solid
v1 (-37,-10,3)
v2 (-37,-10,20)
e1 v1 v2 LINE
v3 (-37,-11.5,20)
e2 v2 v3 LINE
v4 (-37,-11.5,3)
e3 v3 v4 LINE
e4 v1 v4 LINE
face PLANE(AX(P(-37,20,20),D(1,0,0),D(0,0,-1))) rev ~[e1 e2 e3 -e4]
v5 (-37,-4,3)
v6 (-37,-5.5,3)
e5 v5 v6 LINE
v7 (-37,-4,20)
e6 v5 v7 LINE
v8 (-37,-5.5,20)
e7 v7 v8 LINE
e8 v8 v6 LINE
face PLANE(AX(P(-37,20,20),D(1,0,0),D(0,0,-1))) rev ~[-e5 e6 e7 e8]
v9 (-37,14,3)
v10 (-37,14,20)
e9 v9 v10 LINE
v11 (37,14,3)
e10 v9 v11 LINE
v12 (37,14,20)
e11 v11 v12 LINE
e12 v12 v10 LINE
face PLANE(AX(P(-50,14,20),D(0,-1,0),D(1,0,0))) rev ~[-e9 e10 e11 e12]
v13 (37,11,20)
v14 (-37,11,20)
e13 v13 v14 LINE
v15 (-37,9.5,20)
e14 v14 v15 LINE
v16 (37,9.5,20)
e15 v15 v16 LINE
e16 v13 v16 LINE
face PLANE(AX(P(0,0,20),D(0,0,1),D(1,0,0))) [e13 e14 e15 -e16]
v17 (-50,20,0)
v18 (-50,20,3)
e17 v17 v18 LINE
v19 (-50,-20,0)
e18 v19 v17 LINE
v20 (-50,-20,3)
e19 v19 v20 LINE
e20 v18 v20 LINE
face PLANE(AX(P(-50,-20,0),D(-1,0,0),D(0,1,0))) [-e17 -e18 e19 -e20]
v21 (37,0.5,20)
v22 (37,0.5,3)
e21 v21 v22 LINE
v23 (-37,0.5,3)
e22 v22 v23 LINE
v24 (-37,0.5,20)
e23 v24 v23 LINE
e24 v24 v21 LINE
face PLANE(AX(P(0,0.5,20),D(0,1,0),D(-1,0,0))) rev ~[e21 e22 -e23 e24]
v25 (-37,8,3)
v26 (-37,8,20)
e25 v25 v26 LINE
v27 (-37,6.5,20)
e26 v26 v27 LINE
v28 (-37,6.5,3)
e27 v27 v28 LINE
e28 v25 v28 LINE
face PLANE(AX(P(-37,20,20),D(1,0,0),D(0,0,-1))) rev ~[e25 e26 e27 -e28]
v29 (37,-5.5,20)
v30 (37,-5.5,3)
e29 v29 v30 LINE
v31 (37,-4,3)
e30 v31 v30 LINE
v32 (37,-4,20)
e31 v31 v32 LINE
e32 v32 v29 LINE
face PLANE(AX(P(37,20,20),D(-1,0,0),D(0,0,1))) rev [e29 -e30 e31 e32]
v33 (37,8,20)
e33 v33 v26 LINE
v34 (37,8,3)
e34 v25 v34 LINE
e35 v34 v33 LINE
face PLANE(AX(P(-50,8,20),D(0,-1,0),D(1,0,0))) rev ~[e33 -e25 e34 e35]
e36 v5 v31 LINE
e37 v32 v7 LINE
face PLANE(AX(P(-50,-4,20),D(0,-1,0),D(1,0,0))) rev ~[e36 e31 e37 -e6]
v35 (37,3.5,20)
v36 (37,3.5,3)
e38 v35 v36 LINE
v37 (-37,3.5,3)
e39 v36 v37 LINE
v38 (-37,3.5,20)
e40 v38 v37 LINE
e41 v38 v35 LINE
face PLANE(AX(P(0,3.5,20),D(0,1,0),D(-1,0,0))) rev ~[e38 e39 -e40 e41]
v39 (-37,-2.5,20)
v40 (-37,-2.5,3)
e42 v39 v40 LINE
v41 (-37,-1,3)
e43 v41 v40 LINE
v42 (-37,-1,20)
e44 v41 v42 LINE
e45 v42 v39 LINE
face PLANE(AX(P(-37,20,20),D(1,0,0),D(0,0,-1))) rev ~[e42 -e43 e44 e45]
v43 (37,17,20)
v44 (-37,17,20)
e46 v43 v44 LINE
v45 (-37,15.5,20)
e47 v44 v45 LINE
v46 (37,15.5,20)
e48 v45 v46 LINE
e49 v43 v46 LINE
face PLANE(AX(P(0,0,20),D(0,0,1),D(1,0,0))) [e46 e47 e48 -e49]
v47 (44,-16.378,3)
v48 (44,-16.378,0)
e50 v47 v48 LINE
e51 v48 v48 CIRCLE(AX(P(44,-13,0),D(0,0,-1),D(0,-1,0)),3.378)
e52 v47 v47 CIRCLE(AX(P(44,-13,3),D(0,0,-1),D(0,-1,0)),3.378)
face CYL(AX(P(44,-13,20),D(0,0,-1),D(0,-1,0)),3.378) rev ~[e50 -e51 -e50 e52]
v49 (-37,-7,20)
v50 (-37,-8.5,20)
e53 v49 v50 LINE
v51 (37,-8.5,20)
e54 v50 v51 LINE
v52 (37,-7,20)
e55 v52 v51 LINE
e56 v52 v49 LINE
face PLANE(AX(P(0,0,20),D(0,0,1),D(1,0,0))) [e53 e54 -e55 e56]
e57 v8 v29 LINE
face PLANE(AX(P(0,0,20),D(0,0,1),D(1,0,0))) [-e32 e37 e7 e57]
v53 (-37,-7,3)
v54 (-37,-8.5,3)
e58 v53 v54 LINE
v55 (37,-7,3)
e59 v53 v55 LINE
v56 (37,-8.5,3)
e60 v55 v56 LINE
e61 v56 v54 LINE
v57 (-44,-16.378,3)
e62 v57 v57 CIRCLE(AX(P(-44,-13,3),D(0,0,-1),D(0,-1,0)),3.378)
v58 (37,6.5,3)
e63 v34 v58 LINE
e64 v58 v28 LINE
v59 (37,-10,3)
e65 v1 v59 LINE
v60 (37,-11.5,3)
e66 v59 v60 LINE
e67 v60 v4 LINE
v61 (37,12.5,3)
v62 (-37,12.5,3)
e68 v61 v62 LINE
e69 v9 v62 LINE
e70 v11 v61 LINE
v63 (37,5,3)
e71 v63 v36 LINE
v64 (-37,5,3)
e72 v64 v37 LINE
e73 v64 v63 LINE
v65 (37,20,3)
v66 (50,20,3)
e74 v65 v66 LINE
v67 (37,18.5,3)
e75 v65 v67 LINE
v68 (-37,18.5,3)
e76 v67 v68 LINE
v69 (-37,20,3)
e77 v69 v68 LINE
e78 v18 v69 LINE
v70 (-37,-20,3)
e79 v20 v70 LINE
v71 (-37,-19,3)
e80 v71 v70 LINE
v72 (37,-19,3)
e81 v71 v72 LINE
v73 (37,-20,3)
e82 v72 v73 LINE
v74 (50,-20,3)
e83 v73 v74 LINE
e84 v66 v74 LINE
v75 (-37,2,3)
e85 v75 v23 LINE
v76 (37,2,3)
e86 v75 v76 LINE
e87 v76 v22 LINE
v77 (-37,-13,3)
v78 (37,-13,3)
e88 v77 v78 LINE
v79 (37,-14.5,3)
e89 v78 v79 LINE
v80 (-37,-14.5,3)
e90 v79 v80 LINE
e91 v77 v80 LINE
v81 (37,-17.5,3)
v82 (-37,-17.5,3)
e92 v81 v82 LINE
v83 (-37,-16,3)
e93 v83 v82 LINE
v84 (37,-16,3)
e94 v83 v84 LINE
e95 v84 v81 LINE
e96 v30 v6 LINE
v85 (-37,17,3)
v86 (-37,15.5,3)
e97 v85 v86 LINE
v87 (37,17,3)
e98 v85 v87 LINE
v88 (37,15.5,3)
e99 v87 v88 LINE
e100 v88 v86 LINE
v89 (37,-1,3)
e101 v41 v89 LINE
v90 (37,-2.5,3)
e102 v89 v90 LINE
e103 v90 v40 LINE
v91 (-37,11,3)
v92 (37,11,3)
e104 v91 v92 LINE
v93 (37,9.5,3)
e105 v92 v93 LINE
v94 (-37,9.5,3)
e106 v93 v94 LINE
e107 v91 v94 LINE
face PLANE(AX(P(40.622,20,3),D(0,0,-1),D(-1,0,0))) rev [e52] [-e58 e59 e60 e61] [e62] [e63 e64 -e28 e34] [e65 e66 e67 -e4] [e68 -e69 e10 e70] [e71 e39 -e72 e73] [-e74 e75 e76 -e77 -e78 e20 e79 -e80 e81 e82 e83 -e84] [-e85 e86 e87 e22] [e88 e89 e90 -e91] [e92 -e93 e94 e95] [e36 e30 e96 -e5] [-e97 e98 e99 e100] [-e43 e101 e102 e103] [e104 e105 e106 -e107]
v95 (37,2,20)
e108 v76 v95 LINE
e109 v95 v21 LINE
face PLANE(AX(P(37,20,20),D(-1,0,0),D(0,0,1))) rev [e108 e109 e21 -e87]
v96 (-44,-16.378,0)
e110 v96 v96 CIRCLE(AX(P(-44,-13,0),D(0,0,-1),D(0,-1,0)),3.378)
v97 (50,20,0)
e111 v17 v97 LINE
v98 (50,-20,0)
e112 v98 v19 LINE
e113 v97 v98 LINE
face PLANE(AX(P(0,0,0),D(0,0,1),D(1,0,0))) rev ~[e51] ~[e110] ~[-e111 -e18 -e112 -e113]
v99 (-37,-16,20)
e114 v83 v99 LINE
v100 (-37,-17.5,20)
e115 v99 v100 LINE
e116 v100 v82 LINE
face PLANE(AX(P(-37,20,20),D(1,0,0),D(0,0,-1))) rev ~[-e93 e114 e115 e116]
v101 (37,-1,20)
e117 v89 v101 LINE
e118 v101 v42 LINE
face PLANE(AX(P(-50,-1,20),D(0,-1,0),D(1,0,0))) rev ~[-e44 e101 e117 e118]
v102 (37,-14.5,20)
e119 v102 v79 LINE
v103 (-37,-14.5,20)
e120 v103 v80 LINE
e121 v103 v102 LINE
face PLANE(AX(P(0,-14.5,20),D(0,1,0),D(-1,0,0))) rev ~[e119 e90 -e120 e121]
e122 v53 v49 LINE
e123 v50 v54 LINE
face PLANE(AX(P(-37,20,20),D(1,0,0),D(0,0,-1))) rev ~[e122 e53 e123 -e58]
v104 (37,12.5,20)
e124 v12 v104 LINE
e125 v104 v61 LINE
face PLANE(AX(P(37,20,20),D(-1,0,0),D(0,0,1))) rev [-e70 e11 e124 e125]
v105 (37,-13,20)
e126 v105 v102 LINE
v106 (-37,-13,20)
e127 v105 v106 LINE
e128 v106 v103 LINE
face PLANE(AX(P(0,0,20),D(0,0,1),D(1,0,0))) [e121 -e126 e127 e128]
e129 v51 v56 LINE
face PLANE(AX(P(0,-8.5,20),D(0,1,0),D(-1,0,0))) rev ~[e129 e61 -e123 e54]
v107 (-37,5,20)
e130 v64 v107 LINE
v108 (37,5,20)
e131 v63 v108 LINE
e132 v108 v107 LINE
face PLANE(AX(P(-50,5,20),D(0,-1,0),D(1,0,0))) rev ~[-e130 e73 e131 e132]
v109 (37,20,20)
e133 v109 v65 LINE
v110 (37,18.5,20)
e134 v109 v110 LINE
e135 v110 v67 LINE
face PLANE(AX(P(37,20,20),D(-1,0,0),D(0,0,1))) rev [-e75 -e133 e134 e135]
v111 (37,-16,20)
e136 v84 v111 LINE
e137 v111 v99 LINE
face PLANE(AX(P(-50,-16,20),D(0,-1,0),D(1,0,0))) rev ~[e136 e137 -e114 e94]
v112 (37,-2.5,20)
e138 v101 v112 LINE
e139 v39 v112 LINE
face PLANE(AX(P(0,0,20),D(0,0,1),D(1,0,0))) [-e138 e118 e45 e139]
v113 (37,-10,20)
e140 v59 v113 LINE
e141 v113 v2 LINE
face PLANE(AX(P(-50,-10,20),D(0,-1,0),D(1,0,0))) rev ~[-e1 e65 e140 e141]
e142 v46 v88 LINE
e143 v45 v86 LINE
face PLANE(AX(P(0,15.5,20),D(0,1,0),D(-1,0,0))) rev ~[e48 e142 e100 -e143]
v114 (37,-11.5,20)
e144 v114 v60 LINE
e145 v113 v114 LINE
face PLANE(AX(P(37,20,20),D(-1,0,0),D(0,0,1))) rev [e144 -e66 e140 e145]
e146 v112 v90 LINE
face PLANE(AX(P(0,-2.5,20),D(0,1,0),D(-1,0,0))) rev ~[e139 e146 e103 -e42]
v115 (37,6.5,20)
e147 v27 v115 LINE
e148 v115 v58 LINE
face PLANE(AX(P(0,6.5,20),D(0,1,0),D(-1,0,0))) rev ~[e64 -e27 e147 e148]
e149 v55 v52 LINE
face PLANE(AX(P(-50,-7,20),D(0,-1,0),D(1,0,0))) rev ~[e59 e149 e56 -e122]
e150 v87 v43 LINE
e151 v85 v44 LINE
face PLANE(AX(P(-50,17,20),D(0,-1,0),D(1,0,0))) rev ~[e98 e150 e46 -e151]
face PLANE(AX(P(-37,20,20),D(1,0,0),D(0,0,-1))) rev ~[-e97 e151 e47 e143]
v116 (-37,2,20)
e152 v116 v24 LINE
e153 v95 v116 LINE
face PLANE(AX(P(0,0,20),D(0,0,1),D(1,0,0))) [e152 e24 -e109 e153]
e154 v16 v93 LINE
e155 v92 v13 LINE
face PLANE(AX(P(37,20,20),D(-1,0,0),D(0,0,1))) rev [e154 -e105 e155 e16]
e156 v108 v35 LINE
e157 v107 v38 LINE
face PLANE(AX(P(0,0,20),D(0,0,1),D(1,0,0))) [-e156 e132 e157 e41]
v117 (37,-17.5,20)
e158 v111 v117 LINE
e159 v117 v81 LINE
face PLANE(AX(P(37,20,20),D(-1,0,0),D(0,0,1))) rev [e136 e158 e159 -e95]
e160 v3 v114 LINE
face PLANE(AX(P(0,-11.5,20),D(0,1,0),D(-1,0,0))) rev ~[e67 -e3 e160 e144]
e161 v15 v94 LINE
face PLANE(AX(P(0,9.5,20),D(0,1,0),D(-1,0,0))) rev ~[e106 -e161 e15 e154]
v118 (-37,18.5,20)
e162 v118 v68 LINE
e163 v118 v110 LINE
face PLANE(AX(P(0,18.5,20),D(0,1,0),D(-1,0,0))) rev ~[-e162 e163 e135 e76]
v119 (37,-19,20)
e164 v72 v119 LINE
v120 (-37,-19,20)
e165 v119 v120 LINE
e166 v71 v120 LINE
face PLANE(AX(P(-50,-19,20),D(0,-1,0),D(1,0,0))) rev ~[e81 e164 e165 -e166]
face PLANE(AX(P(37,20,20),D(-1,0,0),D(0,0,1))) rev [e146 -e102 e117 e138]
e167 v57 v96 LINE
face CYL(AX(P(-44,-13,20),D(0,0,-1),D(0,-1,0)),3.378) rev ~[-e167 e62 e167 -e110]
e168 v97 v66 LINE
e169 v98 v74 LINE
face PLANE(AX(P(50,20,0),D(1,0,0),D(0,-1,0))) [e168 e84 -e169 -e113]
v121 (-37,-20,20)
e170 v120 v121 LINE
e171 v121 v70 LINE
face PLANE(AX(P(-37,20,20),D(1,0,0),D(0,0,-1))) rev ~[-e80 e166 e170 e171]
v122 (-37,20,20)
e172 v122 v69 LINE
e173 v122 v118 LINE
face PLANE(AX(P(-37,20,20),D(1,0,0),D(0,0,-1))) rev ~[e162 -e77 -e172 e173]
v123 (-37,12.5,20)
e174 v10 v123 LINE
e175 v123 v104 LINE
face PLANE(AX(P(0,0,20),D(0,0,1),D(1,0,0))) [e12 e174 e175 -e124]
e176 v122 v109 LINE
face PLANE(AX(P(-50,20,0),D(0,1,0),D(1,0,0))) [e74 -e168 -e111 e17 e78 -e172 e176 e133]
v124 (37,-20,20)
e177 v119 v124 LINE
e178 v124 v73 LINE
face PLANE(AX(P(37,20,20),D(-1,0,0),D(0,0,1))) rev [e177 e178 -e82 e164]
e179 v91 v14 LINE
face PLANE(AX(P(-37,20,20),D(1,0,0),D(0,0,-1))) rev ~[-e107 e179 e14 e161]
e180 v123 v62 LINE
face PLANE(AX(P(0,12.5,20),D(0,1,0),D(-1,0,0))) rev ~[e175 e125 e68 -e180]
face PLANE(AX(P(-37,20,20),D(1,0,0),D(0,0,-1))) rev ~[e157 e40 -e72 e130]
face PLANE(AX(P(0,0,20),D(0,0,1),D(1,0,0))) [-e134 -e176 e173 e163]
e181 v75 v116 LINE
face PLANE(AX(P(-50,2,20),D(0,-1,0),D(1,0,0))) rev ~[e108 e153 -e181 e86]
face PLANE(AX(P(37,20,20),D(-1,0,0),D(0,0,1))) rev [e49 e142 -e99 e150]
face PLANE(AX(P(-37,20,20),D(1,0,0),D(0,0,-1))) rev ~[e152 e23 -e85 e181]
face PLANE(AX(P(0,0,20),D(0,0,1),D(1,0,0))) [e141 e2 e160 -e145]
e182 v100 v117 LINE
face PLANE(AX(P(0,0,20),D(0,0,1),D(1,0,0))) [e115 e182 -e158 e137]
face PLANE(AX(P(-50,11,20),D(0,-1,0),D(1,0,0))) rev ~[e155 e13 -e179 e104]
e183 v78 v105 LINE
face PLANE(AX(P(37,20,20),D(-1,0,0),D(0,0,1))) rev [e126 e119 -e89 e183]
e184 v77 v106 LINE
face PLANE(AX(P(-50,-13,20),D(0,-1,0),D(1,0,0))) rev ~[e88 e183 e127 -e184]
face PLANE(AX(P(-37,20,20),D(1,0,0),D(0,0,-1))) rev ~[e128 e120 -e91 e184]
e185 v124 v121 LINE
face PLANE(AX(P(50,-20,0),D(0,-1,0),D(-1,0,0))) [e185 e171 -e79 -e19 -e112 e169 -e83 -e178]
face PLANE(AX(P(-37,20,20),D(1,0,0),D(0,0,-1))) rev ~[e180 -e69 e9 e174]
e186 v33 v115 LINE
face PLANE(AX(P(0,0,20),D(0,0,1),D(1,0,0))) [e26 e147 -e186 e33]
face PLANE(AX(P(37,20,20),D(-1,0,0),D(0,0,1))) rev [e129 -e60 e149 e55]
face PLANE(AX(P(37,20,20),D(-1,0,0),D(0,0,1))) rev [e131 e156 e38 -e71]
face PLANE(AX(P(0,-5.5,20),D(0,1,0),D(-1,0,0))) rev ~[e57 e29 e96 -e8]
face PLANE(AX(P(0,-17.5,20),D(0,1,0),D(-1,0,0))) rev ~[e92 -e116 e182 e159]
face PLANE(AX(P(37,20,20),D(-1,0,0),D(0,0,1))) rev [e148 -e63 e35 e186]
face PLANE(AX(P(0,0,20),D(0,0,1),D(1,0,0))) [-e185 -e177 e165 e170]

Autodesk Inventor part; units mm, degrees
ref_plane "YZ Plane" through (0, 0, 0) normal (1, 0, 0) x (0, 1, 0)
ref_plane "XZ Plane" through (0, 0, 0) normal (0, 1, 0) x (-1, 0, 0)
sketch "Sketch1" plane through (0, 0, 0) normal (0, 0, 1) x (1, 0, 0)
  line L0 (-50, 20) -> (50, 20)
  line L1 (50, 20) -> (50, -20)
  line L2 (50, -20) -> (-50, -20)
  line L3 (-50, -20) -> (-50, 20)
  line L4 (-50, 20) -> (50, -20) construction
  line L5 (50, 20) -> (-50, -20) construction
  point P0 (0, 0)
  dimension "d0" = 100
  dimension "d1" = 40
extrude "Extrusion1" add sketch "Sketch1" along normal blind 20
sketch "Sketch2" plane through (0, 0, 20) normal (0, 0, 1) x (1, 0, 0)
  line L0 (-50, -20) -> (50, -20) projected
  line L1 (50, -20) -> (50, 20) projected
  line L2 (50, 20) -> (-50, 20) projected
  line L3 (-50, 20) -> (-50, -20) projected
  line L4 (-70, 0) -> (70, 0) projected
  line L5 (0, -28) -> (0, 28) projected
  line L6 (50, -20) -> (50, 20) projected
  line L7 (-50, 17) -> (50, 17)
  line L8 (50, 17) -> (50, 18.5)
  line L9 (50, 18.5) -> (-50, 18.5)
  line L10 (-50, 18.5) -> (-50, 17)
  line L11 (-50, 17) -> (50, 18.5) construction
  line L12 (50, 17) -> (-50, 18.5) construction
  point P0 (0, 0)
  point P1 (0, 17.75)
  dimension "d4" = 1.5
  dimension "d6" = 1.5
extrude "Extrusion2" cut sketch "Sketch2" against normal blind 17 contours L3 L9 L5 L7 | L5 L9 L1 L7
pattern_linear "Rectangular Pattern1" count 13 spacing 3 along (0, -1, 0) of "Extrusion2"
ref_plane "Work Plane1" through (0, 0, 20) normal (0, 0, 1) x (1, 0, 0)
sketch "Sketch4" plane through (0, 0, 20) normal (0, 0, 1) x (1, 0, 0)
  line L0 (0, -28) -> (0, 28) projected
  line L1 (50, 0.5) -> (50, -1) projected
  line L2 (50, 20) -> (-50, 20) projected
  line L3 (-50, -20) -> (50, -20) projected
  line L4 (-50, -4) -> (-50, -5.5) projected
  point P0 (0, 0)
  point P1 (44, -13)
  point P2 (-44, -13)
  dimension "d22" = 6
  dimension "d30" = 7
  dimension "d31" = 7
  dimension "d32" = 6
hole "Hole2" at (44, -13, 20) at (-44, -13, 20) direction (0, 0, -1) diameter 6.756 end through all clearance for "Socket Head Cap Screw" size "1/4" standard "Ansi Unified Screw Threads"
sketch "Sketch5" plane through (-50, 20, 0) normal (0, 1, 0) x (1, 0, 0)
  line L0 (-20, 0) -> (120, 0) projected
  line L1 (50, 4) -> (50, -24) projected
  line L2 (90.622, -3) -> (9.378, -3) projected
  line L3 (0, -20) -> (13, -20)
  line L4 (13, -20) -> (13, -3)
  line L5 (13, -3) -> (0, -3)
  line L6 (0, -3) -> (0, -20)
  line L7 (0, 0) -> (0, -20) projected
  point P0 (50, 0)
  dimension "d33" = 13
extrude "Extrusion3" cut sketch "Sketch5" against normal up to surface (40 mm away) contours L5 L2 L4 L3 L6
mirror "Mirror1" about plane through (0, 0, 0) normal (1, 0, 0) of "Extrusion3"
equation "\"d28\" = Thickness"
equation "\"BendRadius\" = Thickness"
equation "\"BendReliefWidth\" = Thickness"
equation "\"BendReliefDepth\" = 0.5 * Thickness"
equation "\"CornerReliefSize\" = 4 * Thickness"
equation "\"MinimumRemnant\" = 2 * Thickness"
equation "\"TransitionRadius\" = BendRadius"
equation "\"JacobiRadiusSize\" = BendRadius"
equation "\"GapSize\" = Thickness"
equation "\"Thickness\" = 3.048"
properties part number "ExternalHeatSinkandClamp"
